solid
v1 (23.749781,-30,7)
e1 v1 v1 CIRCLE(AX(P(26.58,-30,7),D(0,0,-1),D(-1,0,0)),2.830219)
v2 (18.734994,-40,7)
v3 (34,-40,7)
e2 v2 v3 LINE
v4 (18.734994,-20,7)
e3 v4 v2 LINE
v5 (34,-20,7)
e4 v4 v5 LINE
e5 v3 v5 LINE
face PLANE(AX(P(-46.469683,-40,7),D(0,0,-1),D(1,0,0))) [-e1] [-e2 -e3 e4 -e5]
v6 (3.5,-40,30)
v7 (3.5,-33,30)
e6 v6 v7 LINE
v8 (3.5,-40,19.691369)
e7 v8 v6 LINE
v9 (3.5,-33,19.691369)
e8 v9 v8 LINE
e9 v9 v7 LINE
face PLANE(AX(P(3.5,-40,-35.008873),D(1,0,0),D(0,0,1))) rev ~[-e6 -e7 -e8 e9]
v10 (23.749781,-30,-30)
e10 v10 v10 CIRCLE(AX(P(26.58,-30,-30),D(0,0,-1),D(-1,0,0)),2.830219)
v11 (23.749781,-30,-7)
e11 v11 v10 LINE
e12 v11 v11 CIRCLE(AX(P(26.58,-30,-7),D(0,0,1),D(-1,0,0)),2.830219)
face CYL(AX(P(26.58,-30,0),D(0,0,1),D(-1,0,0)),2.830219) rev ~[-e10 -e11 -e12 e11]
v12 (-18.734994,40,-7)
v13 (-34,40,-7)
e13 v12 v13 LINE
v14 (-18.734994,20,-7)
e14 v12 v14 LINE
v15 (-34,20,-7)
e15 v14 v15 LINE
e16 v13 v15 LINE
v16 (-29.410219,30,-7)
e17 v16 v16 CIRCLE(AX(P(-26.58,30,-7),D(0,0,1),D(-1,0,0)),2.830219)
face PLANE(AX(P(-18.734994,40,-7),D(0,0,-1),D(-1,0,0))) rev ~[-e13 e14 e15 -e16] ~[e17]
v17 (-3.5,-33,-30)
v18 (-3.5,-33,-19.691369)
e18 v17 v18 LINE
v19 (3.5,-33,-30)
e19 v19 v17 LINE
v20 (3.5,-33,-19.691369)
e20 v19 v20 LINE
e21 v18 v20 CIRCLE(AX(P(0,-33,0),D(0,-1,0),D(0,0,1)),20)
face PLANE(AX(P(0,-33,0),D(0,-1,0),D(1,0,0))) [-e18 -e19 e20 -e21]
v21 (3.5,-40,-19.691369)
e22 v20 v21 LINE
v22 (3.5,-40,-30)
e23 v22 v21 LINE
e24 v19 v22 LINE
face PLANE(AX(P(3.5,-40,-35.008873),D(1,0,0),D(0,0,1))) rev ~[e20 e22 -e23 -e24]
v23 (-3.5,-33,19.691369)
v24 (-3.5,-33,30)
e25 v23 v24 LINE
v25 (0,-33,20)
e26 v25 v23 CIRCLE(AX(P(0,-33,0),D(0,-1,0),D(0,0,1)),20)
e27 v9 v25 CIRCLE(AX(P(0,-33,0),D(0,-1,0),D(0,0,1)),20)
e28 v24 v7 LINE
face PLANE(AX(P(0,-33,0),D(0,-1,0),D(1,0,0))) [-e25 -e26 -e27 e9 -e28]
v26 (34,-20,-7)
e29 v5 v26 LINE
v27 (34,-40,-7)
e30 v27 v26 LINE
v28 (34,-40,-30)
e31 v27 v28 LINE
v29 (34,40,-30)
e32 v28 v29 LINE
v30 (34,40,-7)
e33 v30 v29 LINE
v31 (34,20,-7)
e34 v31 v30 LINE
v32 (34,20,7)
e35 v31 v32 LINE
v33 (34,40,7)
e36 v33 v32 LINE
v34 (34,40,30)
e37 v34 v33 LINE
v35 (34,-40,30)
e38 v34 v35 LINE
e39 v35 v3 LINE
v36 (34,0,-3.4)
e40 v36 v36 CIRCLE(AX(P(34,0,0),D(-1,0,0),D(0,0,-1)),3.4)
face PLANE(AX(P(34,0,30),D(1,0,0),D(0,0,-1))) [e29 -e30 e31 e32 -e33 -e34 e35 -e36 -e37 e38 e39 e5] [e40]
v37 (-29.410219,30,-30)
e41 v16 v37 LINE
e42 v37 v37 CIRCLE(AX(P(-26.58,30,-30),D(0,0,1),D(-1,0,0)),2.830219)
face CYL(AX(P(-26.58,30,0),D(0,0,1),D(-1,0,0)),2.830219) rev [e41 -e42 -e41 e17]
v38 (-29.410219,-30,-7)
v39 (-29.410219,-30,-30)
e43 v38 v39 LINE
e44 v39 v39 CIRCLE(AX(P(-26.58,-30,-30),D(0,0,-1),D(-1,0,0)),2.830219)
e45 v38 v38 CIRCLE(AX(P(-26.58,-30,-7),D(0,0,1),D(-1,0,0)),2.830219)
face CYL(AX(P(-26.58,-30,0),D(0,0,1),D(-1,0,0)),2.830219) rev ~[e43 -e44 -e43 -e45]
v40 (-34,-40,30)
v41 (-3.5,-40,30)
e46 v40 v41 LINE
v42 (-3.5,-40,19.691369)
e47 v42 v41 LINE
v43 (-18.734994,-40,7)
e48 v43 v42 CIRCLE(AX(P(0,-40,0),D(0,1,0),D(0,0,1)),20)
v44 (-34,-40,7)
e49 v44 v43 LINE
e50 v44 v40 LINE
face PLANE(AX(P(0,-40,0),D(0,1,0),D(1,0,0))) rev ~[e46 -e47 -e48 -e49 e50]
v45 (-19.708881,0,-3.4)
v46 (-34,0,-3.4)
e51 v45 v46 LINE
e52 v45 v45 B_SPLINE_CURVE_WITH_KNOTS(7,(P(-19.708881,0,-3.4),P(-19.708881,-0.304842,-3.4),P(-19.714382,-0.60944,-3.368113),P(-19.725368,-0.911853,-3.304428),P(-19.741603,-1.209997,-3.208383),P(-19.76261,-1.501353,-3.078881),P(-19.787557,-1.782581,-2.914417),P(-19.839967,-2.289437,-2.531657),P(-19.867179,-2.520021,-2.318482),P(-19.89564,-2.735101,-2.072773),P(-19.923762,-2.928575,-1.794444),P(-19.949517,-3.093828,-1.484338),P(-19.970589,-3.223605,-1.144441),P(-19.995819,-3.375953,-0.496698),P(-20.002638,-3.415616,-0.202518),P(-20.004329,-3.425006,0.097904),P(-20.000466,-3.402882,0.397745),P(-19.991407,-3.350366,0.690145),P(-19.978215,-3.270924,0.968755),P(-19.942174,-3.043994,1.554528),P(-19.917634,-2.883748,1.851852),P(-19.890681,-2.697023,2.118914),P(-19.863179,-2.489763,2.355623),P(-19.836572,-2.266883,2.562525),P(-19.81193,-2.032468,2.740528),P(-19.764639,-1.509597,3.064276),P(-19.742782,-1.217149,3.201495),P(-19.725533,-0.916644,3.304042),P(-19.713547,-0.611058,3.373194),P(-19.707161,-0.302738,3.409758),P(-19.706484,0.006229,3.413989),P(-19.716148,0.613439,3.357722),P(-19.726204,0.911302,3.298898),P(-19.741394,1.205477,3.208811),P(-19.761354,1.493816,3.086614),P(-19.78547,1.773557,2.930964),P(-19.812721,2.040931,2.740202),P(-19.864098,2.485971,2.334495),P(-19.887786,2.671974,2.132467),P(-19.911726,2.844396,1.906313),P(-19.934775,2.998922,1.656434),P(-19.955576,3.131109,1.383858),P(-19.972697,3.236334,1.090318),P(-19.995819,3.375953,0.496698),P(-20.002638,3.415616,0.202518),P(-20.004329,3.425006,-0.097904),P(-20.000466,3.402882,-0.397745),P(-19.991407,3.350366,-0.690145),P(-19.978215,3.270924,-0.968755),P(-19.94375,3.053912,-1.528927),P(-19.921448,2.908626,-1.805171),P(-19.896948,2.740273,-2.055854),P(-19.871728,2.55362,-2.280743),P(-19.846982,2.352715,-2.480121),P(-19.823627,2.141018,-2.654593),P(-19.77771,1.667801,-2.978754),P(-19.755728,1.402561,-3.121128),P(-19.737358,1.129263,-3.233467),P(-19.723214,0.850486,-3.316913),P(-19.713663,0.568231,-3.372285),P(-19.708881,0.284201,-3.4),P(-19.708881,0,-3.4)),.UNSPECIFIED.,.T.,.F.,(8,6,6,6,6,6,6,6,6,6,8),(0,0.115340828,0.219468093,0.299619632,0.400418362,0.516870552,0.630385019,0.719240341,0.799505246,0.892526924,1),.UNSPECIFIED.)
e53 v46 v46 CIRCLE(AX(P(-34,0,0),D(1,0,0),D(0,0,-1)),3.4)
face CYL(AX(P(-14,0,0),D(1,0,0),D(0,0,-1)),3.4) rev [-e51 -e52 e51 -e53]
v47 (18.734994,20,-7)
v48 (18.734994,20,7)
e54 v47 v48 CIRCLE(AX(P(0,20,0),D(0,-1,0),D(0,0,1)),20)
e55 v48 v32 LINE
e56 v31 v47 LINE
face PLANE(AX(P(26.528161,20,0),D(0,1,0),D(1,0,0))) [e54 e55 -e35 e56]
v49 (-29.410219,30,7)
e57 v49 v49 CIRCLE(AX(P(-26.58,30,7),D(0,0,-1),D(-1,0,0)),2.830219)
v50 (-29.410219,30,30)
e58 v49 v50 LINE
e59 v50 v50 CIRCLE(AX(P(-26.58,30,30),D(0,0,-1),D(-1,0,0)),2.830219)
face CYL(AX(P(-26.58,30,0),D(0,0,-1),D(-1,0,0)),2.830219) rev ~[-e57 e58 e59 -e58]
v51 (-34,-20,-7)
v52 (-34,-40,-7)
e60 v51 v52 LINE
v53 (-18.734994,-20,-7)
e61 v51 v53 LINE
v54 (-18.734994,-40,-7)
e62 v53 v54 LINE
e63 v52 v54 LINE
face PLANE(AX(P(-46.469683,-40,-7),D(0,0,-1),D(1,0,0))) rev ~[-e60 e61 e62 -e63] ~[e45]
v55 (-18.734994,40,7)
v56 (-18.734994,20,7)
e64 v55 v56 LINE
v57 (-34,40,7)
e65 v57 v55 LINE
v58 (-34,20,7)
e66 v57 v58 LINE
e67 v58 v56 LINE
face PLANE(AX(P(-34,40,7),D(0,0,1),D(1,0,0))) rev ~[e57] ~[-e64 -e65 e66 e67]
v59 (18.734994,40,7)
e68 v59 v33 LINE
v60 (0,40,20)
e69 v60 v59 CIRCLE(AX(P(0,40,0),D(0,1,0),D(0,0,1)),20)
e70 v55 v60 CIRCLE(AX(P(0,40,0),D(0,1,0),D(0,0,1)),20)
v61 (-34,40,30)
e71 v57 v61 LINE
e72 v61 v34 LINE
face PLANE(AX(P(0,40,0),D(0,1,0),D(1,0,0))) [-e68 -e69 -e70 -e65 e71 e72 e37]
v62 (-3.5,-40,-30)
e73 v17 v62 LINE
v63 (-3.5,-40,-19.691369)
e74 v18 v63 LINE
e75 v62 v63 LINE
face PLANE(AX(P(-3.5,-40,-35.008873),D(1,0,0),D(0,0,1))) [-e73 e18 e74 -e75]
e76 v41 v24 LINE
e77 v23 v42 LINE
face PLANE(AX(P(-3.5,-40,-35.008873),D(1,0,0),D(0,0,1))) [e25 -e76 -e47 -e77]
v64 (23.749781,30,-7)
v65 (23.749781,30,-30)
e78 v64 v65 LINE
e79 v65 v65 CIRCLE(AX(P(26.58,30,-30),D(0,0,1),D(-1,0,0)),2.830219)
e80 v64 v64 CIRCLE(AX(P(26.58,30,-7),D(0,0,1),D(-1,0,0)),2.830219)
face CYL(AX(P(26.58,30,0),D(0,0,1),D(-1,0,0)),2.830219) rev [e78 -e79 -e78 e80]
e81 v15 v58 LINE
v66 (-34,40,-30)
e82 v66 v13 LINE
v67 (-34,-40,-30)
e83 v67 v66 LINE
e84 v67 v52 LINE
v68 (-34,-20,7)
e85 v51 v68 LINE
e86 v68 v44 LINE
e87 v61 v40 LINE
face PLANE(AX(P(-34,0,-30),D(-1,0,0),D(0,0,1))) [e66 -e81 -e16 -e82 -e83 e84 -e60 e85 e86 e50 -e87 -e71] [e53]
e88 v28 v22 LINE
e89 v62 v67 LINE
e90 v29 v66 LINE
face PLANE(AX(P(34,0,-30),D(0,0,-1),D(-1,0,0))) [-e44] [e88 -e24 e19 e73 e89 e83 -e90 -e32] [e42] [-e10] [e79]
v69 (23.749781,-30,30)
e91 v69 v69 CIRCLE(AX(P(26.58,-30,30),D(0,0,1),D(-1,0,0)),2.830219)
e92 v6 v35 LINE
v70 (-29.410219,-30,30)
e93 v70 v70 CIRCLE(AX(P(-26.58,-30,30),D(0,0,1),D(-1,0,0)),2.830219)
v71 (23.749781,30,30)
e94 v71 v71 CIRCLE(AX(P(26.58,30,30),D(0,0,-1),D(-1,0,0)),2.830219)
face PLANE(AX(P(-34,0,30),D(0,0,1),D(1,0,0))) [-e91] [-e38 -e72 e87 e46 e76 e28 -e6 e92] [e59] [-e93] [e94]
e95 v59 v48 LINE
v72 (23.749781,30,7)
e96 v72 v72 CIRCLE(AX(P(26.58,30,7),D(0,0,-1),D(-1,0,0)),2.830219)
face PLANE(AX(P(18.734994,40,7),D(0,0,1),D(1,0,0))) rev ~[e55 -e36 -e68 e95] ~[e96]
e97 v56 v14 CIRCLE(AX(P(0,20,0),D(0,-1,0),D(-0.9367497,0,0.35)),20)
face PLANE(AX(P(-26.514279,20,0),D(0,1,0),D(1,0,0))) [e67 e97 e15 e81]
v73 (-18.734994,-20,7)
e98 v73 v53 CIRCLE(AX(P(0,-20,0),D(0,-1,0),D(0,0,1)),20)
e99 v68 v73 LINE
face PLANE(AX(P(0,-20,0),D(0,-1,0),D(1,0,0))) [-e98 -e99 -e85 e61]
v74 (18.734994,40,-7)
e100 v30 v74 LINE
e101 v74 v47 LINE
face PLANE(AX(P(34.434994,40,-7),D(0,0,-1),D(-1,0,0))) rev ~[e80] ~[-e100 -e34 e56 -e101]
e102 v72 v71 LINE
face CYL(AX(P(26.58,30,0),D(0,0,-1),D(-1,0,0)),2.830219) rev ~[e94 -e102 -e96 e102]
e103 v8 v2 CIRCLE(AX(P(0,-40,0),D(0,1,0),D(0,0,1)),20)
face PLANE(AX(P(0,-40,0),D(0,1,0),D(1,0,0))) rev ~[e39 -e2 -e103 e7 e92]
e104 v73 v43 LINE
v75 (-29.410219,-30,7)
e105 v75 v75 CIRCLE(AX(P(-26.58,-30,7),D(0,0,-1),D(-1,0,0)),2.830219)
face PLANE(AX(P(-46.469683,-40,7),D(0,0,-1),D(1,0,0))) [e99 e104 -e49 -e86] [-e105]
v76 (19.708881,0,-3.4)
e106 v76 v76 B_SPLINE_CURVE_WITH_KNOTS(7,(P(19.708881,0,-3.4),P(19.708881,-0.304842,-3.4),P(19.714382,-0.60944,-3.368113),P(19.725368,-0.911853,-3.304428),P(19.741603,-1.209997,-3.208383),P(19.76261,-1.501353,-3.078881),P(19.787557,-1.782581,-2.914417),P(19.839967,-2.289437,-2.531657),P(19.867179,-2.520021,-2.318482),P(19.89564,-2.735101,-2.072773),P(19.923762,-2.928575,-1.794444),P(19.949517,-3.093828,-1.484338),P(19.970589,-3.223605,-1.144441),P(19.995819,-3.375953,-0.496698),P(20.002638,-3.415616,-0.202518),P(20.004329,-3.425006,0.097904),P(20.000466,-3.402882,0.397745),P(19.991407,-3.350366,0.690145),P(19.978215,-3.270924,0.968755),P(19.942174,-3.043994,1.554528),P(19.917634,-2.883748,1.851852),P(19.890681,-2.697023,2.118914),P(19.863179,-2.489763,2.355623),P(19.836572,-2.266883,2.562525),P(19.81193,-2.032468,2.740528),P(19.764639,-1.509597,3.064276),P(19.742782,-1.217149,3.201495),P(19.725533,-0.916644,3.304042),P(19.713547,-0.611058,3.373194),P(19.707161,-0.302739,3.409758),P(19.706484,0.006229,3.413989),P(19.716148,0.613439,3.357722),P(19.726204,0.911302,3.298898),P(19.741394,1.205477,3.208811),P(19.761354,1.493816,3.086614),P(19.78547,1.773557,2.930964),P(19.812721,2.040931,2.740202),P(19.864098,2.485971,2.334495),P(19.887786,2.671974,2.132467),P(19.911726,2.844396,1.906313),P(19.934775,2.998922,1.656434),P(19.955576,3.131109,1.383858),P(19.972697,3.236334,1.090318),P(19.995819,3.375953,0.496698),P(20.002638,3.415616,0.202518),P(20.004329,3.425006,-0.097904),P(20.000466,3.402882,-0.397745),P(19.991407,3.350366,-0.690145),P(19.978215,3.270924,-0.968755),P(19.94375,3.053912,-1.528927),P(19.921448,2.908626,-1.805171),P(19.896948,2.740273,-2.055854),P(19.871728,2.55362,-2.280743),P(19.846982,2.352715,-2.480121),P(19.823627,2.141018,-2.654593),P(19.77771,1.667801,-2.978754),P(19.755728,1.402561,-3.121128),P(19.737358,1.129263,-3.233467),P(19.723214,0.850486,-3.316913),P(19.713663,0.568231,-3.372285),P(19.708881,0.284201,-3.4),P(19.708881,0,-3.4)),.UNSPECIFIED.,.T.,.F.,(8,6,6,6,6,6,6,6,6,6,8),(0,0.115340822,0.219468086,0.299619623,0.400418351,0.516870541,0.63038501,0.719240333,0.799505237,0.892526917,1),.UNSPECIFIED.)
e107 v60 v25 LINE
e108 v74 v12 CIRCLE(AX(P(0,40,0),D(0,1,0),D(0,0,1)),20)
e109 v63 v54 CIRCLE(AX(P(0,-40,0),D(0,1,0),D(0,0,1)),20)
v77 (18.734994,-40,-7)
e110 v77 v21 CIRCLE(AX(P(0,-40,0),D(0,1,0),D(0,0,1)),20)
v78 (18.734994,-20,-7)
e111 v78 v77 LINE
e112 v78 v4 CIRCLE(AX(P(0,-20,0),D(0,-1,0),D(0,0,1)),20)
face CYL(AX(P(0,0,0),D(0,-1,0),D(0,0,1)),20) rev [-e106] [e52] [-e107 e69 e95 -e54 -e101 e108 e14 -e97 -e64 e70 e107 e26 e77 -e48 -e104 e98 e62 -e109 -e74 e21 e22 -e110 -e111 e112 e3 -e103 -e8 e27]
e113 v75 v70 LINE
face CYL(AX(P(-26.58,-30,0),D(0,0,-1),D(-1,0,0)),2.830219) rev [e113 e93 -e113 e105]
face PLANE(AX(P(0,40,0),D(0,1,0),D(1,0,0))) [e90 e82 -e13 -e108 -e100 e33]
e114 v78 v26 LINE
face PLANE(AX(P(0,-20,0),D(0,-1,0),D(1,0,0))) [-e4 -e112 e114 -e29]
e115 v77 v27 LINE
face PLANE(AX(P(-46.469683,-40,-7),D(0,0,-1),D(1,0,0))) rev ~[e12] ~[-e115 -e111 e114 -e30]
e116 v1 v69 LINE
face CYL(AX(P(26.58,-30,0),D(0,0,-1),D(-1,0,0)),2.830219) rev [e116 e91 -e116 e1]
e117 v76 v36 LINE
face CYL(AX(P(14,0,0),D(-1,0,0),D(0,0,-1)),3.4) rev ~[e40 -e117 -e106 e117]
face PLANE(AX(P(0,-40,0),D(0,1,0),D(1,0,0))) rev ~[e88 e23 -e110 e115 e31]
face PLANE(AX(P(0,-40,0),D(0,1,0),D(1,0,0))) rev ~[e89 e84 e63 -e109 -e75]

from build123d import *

# Parameters (mm, degrees)
SKETCH1_R                       = 20
BOSS_EXTRUDE1_DEPTH             = 40
SKETCH26_W                      = 15.7
SKETCH26_H                      = 14
CUT_EXTRUDE19_DEPTH             = 20
SKETCH30_W                      = 92.939365228
SKETCH30_H                      = 14
CUT_EXTRUDE22_DEPTH             = 20
CUT_EXTRUDE20_REACH             = 62.465
SKETCH27_R                      = 2.830219018
CUT_EXTRUDE20_DIRECTION_2_REACH = 62.465
CUT_EXTRUDE24_START             = -20
SKETCH33_R                      = 3.4
CUT_EXTRUDE24_DEPTH             = 50
SKETCH37_W                      = 7
SKETCH37_H                      = 70.017745432
CUT_EXTRUDE26_DEPTH             = 7


with BuildPart() as part:
    # Sketch1 → Boss-Extrude1 (new, symmetric)
    with BuildSketch(Plane(origin=(0, 0, 0), x_dir=(1, 0, 0), z_dir=(0, 1, 0))):
        Polygon((-20, -30), (34, -30), (34, 30), (-20, 30), (-34, 30), (-34, -30), align=None)
        Circle(SKETCH1_R, mode=Mode.SUBTRACT)
    extrude(amount=BOSS_EXTRUDE1_DEPTH, both=True)

    # Sketch26 → Cut-Extrude19 (cut)
    with BuildSketch(Plane(origin=(0, 40, 0), x_dir=(1, 0, 0), z_dir=(0, 1, 0))):
        with Locations((26.584993995, 0)):
            Rectangle(SKETCH26_W, SKETCH26_H)
        with BuildLine():
            Line((-34.434993995, -7), (-18.734993995, -7))
            ThreePointArc((-18.734993995, -7), (-20, 0), (-18.734993995, 7))
            Line((-18.734993995, 7), (-34.434993995, 7))
            Line((-34.434993995, 7), (-34.434993995, -7))
        make_face()
    extrude(amount=-CUT_EXTRUDE19_DEPTH, mode=Mode.SUBTRACT)

    # Sketch30 → Cut-Extrude22 (cut)
    with BuildSketch(Plane.XZ.offset(40)):
        Rectangle(SKETCH30_W, SKETCH30_H)
    extrude(amount=-CUT_EXTRUDE22_DEPTH, mode=Mode.SUBTRACT)

    # Cut-Extrude20: up to this face of the body (flat: up to its plane)
    cut_extrude20_end = Plane(part.part.faces().sort_by_distance((0, 0, 30))[0])
    # Sketch27 → Cut-Extrude20 (cut, up to the picked face)
    with BuildSketch(Plane(origin=(0, 0, 0), x_dir=(-1, 0, 0), z_dir=(0, 0, -1)), mode=Mode.PRIVATE) as cut_extrude20_sk1:
        with Locations((26.58, 30)):
            Circle(SKETCH27_R)
    cut_extrude20_tool1 = split(extrude(cut_extrude20_sk1.sketch, amount=-CUT_EXTRUDE20_REACH, mode=Mode.PRIVATE), bisect_by=cut_extrude20_end, keep=Keep.BOTH, mode=Mode.PRIVATE)
    # Sketch27 → Cut-Extrude20 (cut, up to the picked face)
    with BuildSketch(Plane(origin=(0, 0, 0), x_dir=(-1, 0, 0), z_dir=(0, 0, -1)), mode=Mode.PRIVATE) as cut_extrude20_sk2:
        with Locations((-26.58, 30)):
            Circle(SKETCH27_R)
    cut_extrude20_tool2 = split(extrude(cut_extrude20_sk2.sketch, amount=-CUT_EXTRUDE20_REACH, mode=Mode.PRIVATE), bisect_by=cut_extrude20_end, keep=Keep.BOTH, mode=Mode.PRIVATE)
    cut_extrude20_1 = cut_extrude20_tool1.solids().sort_by(Axis((-26.58, 30, 0), (0, 0, 1)))[0]
    add(cut_extrude20_1, mode=Mode.SUBTRACT)
    cut_extrude20_2 = cut_extrude20_tool2.solids().sort_by(Axis((26.58, 30, 0), (0, 0, 1)))[0]
    add(cut_extrude20_2, mode=Mode.SUBTRACT)
    cut_extrude20 = cut_extrude20_1 + cut_extrude20_2  # Cut-Extrude20 as one shape, for the pattern or mirror that repeats it

    # Cut-Extrude20 direction 2: up to this face of the body (flat: up to its plane)
    cut_extrude20_direction_2_end = Plane(part.part.faces().sort_by_distance((0, 0, -30))[0])
    # Sketch27 → Cut-Extrude20 direction 2 (cut, up to the picked face)
    with BuildSketch(Plane(origin=(0, 0, 0), x_dir=(-1, 0, 0), z_dir=(0, 0, -1)), mode=Mode.PRIVATE) as cut_extrude20_direction_2_sk1:
        with Locations((26.58, 30)):
            Circle(SKETCH27_R)
    cut_extrude20_direction_2_tool1 = split(extrude(cut_extrude20_direction_2_sk1.sketch, amount=CUT_EXTRUDE20_DIRECTION_2_REACH, mode=Mode.PRIVATE), bisect_by=cut_extrude20_direction_2_end, keep=Keep.BOTH, mode=Mode.PRIVATE)
    # Sketch27 → Cut-Extrude20 direction 2 (cut, up to the picked face)
    with BuildSketch(Plane(origin=(0, 0, 0), x_dir=(-1, 0, 0), z_dir=(0, 0, -1)), mode=Mode.PRIVATE) as cut_extrude20_direction_2_sk2:
        with Locations((-26.58, 30)):
            Circle(SKETCH27_R)
    cut_extrude20_direction_2_tool2 = split(extrude(cut_extrude20_direction_2_sk2.sketch, amount=CUT_EXTRUDE20_DIRECTION_2_REACH, mode=Mode.PRIVATE), bisect_by=cut_extrude20_direction_2_end, keep=Keep.BOTH, mode=Mode.PRIVATE)
    cut_extrude20_direction_2_1 = cut_extrude20_direction_2_tool1.solids().sort_by(Axis((-26.58, 30, 0), (0, 0, -1)))[0]
    add(cut_extrude20_direction_2_1, mode=Mode.SUBTRACT)
    cut_extrude20_direction_2_2 = cut_extrude20_direction_2_tool2.solids().sort_by(Axis((26.58, 30, 0), (0, 0, -1)))[0]
    add(cut_extrude20_direction_2_2, mode=Mode.SUBTRACT)
    cut_extrude20_direction_2 = cut_extrude20_direction_2_1 + cut_extrude20_direction_2_2  # Cut-Extrude20 direction 2 as one shape, for the pattern or mirror that repeats it

    # Mirror1: Cut-Extrude20, Cut-Extrude20 direction 2 across plane
    add(cut_extrude20.mirror(Plane.ZX), mode=Mode.SUBTRACT)
    add(cut_extrude20_direction_2.mirror(Plane.ZX), mode=Mode.SUBTRACT)

    # Sketch33 → Cut-Extrude24 (cut)
    with BuildSketch(Plane.ZY.offset(34).offset(CUT_EXTRUDE24_START)):
        Circle(SKETCH33_R)
    cut_extrude24 = extrude(amount=CUT_EXTRUDE24_DEPTH, mode=Mode.SUBTRACT)

    # Mirror6: Cut-Extrude24 across plane
    add(cut_extrude24.mirror(Plane(origin=(0, 0, 0), x_dir=(0, 0, 1), z_dir=(1, 0, 0))), mode=Mode.SUBTRACT)

    # Sketch37 → Cut-Extrude26 (cut)
    with BuildSketch(Plane.XZ.offset(40)):
        Rectangle(SKETCH37_W, SKETCH37_H)
    extrude(amount=-CUT_EXTRUDE26_DEPTH, mode=Mode.SUBTRACT)


solid = part.part
